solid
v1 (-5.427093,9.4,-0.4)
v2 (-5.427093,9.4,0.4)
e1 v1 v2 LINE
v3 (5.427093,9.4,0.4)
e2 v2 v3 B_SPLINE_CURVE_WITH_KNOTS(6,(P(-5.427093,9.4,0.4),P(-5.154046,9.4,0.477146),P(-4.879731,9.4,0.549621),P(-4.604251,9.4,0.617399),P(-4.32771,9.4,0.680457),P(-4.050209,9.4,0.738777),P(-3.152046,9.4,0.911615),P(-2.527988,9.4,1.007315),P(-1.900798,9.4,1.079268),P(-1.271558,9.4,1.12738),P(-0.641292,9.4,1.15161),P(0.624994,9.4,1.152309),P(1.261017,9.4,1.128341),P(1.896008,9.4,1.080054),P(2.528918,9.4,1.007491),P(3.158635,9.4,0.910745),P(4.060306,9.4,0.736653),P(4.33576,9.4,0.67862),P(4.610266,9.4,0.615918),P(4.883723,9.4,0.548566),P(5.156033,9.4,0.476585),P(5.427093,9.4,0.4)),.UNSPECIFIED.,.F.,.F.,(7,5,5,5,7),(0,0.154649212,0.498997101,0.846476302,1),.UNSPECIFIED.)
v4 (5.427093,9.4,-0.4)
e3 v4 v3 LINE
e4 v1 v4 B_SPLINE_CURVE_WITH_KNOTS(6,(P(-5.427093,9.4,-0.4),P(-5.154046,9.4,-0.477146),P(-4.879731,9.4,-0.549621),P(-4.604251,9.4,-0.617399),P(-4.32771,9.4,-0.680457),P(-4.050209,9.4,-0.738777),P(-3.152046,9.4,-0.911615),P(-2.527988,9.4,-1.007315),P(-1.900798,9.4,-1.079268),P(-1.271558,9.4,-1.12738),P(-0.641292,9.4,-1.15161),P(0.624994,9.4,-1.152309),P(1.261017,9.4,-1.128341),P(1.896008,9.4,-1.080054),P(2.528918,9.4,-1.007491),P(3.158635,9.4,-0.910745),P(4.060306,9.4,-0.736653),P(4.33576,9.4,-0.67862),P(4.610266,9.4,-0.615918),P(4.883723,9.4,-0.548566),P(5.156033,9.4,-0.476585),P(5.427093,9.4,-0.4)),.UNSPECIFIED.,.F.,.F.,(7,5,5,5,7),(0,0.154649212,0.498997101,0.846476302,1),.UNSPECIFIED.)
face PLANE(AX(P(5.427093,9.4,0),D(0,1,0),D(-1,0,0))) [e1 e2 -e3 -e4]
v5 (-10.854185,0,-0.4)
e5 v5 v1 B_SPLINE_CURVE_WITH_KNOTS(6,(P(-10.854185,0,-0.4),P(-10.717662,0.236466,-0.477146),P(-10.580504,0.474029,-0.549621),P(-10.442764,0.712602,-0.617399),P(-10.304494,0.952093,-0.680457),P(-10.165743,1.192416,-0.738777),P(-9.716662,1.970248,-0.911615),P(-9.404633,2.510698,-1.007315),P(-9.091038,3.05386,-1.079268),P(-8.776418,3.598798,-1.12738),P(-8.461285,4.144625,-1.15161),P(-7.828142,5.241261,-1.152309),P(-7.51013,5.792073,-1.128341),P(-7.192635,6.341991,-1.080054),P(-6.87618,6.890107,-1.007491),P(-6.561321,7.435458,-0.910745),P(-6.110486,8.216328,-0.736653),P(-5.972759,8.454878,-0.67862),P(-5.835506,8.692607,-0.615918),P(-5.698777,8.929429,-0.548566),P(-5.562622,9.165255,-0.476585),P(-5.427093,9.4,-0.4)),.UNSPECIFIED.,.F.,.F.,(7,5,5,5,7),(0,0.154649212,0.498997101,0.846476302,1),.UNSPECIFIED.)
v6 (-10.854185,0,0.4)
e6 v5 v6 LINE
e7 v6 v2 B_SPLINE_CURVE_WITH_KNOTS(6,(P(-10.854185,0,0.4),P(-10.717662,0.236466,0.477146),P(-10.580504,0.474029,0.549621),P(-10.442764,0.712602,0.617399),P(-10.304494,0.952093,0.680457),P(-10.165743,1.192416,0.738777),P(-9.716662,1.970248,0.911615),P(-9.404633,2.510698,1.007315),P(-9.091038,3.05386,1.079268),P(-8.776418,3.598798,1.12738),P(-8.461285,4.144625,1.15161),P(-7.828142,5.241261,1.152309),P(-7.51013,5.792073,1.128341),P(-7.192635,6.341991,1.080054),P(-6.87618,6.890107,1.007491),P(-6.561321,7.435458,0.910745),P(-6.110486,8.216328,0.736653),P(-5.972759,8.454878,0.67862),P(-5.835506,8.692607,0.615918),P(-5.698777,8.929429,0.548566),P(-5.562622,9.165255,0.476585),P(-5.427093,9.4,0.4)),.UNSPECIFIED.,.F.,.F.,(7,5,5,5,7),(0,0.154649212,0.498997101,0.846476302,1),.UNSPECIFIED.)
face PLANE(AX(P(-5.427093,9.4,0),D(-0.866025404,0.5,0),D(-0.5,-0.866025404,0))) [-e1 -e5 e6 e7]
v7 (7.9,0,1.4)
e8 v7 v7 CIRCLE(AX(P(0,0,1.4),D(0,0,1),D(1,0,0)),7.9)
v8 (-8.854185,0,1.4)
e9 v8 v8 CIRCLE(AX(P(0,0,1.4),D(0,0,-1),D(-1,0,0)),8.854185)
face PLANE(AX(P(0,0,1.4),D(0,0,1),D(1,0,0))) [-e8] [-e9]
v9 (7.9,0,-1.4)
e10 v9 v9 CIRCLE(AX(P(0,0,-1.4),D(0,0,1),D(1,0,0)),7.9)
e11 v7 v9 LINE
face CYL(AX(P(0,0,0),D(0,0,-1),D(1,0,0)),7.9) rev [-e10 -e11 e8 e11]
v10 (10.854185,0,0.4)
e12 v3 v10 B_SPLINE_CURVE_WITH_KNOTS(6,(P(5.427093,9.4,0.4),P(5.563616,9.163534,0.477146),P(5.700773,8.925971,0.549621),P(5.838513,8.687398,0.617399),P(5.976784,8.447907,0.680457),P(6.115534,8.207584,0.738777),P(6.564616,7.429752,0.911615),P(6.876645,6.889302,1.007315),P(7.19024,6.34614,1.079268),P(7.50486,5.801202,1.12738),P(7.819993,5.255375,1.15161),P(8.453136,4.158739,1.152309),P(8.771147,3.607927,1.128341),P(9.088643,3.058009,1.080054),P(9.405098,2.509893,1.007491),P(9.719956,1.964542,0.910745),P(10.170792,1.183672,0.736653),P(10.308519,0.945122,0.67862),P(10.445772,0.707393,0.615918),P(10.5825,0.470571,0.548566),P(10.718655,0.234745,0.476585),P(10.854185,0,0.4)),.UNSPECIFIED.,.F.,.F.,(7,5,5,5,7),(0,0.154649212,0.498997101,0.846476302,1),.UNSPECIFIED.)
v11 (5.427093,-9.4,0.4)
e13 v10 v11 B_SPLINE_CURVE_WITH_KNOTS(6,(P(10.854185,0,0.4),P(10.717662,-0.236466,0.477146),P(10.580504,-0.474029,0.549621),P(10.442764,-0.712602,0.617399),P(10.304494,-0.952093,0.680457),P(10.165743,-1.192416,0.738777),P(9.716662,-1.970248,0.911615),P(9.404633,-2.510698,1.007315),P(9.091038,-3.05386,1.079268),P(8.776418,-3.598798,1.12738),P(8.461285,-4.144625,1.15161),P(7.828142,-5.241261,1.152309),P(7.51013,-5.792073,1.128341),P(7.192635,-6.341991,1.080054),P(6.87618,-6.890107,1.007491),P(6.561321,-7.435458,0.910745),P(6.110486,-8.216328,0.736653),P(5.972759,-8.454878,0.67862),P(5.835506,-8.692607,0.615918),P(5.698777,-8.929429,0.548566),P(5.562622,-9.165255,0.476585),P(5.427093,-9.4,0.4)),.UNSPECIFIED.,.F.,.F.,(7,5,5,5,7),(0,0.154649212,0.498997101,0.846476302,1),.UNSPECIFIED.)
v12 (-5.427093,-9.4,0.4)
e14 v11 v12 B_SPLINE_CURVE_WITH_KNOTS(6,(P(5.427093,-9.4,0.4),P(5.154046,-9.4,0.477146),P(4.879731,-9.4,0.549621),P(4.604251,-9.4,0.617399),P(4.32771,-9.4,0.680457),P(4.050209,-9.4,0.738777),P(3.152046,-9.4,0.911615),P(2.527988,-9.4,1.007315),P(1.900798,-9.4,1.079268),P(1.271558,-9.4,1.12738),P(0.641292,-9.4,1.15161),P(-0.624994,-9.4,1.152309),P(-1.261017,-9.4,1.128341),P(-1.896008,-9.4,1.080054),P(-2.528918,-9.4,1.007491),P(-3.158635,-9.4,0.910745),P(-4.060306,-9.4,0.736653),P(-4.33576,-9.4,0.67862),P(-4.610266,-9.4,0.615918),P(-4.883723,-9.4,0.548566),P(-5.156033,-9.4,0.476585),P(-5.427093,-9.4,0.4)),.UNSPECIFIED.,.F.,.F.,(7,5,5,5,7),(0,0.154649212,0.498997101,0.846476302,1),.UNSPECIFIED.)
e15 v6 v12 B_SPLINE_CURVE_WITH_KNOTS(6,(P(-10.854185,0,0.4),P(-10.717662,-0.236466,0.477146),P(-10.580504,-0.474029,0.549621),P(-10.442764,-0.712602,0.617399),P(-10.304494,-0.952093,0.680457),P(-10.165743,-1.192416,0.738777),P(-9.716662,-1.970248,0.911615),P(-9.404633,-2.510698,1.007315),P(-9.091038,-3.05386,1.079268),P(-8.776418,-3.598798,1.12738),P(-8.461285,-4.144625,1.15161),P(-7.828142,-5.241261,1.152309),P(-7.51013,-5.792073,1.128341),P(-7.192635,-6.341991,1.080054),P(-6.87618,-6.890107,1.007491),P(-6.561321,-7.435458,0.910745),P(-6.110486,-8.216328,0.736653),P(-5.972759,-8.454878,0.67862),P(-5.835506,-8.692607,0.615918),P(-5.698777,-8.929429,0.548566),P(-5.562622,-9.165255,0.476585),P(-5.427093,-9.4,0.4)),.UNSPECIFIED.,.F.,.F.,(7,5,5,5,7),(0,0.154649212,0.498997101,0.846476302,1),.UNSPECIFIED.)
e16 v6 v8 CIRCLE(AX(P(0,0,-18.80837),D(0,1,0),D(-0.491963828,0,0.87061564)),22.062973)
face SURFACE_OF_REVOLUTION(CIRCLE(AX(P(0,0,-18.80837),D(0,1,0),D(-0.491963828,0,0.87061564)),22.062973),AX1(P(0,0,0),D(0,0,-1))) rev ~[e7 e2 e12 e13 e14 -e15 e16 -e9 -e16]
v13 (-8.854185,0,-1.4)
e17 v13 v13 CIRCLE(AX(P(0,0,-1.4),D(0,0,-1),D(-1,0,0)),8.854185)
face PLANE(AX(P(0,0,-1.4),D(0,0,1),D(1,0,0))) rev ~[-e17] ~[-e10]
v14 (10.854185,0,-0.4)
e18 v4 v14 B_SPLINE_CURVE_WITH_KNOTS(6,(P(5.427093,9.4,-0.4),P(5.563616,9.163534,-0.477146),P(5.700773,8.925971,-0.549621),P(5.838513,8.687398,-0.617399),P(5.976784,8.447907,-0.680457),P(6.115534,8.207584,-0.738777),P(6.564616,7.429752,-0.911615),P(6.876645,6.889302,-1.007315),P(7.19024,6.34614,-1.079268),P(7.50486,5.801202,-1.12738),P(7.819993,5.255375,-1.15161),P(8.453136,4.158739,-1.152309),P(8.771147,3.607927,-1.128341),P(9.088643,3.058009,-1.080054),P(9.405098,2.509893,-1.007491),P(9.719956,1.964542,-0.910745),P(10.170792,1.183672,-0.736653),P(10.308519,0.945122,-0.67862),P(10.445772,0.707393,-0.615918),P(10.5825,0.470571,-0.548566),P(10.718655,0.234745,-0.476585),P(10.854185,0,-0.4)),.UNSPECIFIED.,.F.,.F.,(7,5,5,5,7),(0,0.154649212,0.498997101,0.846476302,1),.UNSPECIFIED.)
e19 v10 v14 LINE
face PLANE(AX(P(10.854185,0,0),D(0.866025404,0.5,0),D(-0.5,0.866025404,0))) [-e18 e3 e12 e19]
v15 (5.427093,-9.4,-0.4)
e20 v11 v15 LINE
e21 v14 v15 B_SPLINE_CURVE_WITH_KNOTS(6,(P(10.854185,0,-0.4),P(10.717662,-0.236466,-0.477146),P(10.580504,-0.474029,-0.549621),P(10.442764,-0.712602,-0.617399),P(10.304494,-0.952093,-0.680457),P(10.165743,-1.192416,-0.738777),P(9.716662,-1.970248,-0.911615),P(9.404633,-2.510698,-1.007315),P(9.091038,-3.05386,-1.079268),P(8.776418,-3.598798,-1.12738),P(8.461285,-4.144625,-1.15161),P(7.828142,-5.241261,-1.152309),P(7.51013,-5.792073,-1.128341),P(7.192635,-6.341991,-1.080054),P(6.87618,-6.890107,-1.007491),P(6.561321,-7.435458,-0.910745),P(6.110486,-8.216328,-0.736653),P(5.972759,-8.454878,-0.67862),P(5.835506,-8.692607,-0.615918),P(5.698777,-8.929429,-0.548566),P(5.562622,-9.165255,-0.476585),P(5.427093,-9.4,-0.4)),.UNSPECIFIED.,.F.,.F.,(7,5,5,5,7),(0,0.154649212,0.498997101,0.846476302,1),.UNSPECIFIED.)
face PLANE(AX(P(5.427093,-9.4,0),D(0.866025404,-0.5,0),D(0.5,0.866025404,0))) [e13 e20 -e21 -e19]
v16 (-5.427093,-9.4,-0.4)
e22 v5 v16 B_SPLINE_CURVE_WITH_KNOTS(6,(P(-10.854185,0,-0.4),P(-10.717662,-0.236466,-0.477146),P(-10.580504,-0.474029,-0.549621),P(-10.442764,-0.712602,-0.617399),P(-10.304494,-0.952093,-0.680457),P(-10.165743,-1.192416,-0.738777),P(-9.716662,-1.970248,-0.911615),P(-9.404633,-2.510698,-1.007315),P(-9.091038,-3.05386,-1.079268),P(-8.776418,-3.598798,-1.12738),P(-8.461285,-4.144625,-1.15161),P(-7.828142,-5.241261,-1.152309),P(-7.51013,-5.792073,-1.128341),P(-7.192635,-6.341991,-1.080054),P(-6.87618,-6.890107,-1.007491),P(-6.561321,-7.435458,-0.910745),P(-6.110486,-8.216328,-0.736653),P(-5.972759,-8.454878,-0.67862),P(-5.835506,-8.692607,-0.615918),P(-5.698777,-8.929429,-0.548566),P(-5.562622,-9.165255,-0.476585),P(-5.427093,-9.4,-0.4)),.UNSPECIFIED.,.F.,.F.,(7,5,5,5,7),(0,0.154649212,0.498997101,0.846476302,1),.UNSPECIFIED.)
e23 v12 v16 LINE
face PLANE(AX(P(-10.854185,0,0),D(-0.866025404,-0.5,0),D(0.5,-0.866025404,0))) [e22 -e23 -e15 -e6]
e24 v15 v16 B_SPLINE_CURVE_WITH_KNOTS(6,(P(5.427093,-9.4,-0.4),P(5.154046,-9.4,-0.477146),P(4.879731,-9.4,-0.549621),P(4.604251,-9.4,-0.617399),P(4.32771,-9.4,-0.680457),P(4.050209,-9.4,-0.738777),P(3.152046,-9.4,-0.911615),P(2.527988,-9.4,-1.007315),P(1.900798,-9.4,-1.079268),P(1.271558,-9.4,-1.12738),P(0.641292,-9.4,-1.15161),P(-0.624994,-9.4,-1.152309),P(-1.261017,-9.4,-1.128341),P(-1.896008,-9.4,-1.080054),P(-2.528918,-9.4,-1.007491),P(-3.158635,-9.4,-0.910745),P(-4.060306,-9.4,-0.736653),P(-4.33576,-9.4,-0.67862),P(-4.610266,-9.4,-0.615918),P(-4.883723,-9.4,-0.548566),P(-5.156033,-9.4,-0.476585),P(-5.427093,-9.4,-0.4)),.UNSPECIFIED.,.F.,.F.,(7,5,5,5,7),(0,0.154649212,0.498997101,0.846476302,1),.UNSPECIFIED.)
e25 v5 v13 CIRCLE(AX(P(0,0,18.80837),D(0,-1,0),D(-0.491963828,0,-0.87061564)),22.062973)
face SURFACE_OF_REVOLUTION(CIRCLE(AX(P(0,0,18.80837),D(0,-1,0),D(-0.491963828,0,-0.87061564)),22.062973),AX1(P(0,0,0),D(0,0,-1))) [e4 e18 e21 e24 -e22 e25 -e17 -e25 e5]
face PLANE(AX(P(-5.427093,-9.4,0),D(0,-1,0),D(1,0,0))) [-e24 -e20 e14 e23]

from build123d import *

# Parameters (mm, degrees)
ESQUISSE1_R        = 7.9
BOSS_EXTRU_1_DEPTH = 1.4


with BuildPart() as part:
    # Esquisse1 → Boss.-Extru.1 (new body, symmetric)
    with BuildSketch(Plane.XY):
        Polygon((10.854185061, 0), (5.42709253, 9.4), (-5.42709253, 9.4), (-10.854185061, 0), (-5.42709253, -9.4), (5.42709253, -9.4), align=None)
        Circle(ESQUISSE1_R, mode=Mode.SUBTRACT)
    extrude(amount=BOSS_EXTRU_1_DEPTH, both=True)

    # Esquisse2 → Enlèvement de matière-Révolution1 (revolve, cut)
    with BuildSketch(Plane(origin=(0, 0, 0), x_dir=(1, 0, 0), z_dir=(0, 1, 0))):
        with BuildLine():
            Line((-10.854185061, 1.4), (-10.854185061, 0.4))
            ThreePointArc((-10.854185061, 0.4), (-9.866861873, 0.925353624), (-8.854185061, 1.4))
            Line((-8.854185061, 1.4), (-10.854185061, 1.4))
        make_face()
    enl_vement_de_mati_re_r_volution1 = revolve(axis=Axis((0, 0, 0), (0, 0, -1)), mode=Mode.SUBTRACT)

    # Symétrie1: Enlèvement de matière-Révolution1 across plane
    add(enl_vement_de_mati_re_r_volution1.mirror(Plane.XY), mode=Mode.SUBTRACT)


solid = part.part
